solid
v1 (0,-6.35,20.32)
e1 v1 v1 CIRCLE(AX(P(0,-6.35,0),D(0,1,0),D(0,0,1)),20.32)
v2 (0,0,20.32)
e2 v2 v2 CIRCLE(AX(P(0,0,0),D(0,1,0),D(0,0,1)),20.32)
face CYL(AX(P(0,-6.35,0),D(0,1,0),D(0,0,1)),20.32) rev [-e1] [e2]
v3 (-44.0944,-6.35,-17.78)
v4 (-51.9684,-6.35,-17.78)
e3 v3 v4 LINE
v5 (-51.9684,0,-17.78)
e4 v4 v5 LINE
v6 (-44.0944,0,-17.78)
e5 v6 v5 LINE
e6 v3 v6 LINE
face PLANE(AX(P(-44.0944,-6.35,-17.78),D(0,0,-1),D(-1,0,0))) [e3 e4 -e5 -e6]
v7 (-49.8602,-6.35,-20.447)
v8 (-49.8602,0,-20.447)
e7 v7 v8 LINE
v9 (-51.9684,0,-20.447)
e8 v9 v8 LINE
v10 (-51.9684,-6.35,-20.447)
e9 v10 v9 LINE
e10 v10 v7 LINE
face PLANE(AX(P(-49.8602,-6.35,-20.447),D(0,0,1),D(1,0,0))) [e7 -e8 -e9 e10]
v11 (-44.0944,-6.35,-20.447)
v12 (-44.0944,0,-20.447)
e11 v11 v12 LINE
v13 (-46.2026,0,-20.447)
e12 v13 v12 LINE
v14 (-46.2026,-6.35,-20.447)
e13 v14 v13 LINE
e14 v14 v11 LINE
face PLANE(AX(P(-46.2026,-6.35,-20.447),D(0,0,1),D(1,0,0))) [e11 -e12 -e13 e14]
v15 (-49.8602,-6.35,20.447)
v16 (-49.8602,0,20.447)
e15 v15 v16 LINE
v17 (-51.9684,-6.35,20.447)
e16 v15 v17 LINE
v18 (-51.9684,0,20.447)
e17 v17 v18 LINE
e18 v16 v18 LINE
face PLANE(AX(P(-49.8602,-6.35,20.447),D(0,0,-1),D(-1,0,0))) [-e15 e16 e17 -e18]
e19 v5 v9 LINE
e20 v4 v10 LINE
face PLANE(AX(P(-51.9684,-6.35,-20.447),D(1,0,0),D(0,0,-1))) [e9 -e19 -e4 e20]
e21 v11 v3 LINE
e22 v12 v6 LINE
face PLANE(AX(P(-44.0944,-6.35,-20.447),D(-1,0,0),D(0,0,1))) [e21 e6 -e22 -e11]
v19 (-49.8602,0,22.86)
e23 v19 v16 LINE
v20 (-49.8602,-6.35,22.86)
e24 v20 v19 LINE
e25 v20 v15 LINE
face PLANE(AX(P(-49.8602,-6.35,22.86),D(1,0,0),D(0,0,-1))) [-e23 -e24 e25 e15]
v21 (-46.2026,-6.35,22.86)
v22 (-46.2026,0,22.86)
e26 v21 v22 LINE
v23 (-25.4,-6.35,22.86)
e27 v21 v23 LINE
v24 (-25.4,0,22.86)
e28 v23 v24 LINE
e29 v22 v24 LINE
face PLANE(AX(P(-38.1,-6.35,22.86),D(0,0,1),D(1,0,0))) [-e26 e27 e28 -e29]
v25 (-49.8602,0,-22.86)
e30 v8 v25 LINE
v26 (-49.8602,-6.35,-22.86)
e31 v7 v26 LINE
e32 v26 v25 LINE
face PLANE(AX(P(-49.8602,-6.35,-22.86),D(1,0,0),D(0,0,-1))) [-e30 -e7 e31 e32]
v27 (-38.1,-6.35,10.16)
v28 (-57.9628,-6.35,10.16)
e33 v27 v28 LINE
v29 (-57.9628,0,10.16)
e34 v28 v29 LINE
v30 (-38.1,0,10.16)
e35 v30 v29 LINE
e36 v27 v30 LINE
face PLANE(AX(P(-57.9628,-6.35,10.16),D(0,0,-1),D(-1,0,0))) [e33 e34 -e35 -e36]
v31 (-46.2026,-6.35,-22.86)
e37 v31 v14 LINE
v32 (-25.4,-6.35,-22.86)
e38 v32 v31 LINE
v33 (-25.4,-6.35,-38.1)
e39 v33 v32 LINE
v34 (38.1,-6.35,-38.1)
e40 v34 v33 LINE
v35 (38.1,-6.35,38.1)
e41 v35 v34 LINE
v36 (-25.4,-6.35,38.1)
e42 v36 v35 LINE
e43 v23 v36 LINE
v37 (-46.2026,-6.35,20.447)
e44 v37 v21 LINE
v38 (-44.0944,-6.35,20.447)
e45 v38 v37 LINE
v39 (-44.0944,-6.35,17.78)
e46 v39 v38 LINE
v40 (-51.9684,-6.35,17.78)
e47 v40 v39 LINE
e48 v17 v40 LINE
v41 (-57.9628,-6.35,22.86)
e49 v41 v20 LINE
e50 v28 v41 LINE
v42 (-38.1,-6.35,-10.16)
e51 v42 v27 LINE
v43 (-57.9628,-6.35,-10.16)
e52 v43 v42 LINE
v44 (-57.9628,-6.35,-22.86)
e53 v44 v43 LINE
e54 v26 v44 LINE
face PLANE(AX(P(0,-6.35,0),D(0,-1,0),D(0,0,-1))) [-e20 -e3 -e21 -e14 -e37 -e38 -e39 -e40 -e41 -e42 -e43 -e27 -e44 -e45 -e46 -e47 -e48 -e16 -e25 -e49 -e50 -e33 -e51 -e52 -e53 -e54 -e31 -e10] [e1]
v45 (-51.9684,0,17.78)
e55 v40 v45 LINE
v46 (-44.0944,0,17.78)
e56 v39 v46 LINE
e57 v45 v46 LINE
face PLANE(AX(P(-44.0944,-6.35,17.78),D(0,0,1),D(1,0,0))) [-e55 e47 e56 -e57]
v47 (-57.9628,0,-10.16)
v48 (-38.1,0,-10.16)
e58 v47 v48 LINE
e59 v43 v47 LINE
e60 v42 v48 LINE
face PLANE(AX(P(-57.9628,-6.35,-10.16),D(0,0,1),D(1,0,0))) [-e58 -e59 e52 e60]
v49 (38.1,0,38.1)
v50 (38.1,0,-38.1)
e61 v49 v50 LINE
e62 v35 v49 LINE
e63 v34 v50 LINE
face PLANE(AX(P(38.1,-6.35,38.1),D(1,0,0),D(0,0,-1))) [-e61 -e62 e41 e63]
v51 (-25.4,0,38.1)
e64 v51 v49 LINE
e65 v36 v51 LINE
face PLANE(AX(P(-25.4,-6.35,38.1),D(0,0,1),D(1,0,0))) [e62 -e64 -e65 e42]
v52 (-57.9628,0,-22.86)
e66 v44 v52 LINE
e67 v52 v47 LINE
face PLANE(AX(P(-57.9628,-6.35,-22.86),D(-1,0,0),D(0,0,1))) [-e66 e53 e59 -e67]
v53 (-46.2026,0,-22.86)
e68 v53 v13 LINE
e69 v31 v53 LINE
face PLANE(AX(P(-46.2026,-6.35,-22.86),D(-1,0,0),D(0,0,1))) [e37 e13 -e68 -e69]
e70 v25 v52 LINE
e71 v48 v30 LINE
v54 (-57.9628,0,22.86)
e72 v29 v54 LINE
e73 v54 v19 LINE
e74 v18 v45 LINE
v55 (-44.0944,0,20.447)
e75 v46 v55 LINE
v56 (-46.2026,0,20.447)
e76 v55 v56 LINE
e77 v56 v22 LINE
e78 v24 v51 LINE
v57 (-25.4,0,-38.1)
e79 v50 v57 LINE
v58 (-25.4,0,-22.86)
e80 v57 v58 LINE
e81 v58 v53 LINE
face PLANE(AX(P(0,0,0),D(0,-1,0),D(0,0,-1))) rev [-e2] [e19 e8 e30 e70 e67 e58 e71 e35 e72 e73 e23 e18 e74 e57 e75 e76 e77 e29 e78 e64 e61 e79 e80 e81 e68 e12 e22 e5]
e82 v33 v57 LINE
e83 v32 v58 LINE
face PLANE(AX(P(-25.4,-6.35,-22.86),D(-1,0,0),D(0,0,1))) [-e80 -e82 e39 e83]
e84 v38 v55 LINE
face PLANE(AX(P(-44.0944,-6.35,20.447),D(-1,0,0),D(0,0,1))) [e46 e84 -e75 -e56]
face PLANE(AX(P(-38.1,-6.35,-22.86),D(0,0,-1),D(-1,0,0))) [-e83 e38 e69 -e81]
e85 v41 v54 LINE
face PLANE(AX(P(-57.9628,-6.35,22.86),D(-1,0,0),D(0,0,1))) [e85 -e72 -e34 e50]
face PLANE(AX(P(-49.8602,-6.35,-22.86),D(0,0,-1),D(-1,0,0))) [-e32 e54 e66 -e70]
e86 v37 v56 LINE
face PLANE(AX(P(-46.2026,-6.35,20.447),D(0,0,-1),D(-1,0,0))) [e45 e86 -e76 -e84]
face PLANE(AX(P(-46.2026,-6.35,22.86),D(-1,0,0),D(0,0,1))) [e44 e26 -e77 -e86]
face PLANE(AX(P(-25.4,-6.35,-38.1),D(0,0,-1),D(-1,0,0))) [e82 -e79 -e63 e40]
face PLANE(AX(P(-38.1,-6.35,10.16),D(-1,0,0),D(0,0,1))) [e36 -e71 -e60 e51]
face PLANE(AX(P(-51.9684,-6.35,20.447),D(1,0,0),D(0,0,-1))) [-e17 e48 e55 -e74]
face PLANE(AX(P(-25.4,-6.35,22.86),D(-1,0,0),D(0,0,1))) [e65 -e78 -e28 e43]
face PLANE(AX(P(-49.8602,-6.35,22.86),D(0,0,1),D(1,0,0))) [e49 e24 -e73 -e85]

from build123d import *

# Parameters (mm, degrees)
SKETCH1_R           = 20.32
BOSS_EXTRUDE1_DEPTH = 6.35


with BuildPart() as part:
    # Sketch1 → Boss-Extrude1 (new body)
    with BuildSketch(Plane(origin=(0, 0, 0), x_dir=(1, 0, 0), z_dir=(0, 1, 0))):
        Polygon((-25.4, -38.1), (38.1, -38.1), (38.1, 38.1), (-25.4, 38.1), (-25.4, 22.86), (-38.1, 22.86), (-46.2026, 22.86), (-46.2026, 20.447), (-44.0944, 20.447), (-44.0944, 17.78), (-51.9684, 17.78), (-51.9684, 20.447), (-49.8602, 20.447), (-49.8602, 22.86), (-57.9628, 22.86), (-57.9628, 10.16), (-38.1, 10.16), (-38.1, -10.16), (-57.9628, -10.16), (-57.9628, -22.86), (-49.8602, -22.86), (-49.8602, -20.447), (-51.9684, -20.447), (-51.9684, -17.78), (-44.0944, -17.78), (-44.0944, -20.447), (-46.2026, -20.447), (-46.2026, -22.86), (-38.1, -22.86), (-25.4, -22.86), align=None)
        Circle(SKETCH1_R, mode=Mode.SUBTRACT)
    extrude(amount=-BOSS_EXTRUDE1_DEPTH)


solid = part.part
